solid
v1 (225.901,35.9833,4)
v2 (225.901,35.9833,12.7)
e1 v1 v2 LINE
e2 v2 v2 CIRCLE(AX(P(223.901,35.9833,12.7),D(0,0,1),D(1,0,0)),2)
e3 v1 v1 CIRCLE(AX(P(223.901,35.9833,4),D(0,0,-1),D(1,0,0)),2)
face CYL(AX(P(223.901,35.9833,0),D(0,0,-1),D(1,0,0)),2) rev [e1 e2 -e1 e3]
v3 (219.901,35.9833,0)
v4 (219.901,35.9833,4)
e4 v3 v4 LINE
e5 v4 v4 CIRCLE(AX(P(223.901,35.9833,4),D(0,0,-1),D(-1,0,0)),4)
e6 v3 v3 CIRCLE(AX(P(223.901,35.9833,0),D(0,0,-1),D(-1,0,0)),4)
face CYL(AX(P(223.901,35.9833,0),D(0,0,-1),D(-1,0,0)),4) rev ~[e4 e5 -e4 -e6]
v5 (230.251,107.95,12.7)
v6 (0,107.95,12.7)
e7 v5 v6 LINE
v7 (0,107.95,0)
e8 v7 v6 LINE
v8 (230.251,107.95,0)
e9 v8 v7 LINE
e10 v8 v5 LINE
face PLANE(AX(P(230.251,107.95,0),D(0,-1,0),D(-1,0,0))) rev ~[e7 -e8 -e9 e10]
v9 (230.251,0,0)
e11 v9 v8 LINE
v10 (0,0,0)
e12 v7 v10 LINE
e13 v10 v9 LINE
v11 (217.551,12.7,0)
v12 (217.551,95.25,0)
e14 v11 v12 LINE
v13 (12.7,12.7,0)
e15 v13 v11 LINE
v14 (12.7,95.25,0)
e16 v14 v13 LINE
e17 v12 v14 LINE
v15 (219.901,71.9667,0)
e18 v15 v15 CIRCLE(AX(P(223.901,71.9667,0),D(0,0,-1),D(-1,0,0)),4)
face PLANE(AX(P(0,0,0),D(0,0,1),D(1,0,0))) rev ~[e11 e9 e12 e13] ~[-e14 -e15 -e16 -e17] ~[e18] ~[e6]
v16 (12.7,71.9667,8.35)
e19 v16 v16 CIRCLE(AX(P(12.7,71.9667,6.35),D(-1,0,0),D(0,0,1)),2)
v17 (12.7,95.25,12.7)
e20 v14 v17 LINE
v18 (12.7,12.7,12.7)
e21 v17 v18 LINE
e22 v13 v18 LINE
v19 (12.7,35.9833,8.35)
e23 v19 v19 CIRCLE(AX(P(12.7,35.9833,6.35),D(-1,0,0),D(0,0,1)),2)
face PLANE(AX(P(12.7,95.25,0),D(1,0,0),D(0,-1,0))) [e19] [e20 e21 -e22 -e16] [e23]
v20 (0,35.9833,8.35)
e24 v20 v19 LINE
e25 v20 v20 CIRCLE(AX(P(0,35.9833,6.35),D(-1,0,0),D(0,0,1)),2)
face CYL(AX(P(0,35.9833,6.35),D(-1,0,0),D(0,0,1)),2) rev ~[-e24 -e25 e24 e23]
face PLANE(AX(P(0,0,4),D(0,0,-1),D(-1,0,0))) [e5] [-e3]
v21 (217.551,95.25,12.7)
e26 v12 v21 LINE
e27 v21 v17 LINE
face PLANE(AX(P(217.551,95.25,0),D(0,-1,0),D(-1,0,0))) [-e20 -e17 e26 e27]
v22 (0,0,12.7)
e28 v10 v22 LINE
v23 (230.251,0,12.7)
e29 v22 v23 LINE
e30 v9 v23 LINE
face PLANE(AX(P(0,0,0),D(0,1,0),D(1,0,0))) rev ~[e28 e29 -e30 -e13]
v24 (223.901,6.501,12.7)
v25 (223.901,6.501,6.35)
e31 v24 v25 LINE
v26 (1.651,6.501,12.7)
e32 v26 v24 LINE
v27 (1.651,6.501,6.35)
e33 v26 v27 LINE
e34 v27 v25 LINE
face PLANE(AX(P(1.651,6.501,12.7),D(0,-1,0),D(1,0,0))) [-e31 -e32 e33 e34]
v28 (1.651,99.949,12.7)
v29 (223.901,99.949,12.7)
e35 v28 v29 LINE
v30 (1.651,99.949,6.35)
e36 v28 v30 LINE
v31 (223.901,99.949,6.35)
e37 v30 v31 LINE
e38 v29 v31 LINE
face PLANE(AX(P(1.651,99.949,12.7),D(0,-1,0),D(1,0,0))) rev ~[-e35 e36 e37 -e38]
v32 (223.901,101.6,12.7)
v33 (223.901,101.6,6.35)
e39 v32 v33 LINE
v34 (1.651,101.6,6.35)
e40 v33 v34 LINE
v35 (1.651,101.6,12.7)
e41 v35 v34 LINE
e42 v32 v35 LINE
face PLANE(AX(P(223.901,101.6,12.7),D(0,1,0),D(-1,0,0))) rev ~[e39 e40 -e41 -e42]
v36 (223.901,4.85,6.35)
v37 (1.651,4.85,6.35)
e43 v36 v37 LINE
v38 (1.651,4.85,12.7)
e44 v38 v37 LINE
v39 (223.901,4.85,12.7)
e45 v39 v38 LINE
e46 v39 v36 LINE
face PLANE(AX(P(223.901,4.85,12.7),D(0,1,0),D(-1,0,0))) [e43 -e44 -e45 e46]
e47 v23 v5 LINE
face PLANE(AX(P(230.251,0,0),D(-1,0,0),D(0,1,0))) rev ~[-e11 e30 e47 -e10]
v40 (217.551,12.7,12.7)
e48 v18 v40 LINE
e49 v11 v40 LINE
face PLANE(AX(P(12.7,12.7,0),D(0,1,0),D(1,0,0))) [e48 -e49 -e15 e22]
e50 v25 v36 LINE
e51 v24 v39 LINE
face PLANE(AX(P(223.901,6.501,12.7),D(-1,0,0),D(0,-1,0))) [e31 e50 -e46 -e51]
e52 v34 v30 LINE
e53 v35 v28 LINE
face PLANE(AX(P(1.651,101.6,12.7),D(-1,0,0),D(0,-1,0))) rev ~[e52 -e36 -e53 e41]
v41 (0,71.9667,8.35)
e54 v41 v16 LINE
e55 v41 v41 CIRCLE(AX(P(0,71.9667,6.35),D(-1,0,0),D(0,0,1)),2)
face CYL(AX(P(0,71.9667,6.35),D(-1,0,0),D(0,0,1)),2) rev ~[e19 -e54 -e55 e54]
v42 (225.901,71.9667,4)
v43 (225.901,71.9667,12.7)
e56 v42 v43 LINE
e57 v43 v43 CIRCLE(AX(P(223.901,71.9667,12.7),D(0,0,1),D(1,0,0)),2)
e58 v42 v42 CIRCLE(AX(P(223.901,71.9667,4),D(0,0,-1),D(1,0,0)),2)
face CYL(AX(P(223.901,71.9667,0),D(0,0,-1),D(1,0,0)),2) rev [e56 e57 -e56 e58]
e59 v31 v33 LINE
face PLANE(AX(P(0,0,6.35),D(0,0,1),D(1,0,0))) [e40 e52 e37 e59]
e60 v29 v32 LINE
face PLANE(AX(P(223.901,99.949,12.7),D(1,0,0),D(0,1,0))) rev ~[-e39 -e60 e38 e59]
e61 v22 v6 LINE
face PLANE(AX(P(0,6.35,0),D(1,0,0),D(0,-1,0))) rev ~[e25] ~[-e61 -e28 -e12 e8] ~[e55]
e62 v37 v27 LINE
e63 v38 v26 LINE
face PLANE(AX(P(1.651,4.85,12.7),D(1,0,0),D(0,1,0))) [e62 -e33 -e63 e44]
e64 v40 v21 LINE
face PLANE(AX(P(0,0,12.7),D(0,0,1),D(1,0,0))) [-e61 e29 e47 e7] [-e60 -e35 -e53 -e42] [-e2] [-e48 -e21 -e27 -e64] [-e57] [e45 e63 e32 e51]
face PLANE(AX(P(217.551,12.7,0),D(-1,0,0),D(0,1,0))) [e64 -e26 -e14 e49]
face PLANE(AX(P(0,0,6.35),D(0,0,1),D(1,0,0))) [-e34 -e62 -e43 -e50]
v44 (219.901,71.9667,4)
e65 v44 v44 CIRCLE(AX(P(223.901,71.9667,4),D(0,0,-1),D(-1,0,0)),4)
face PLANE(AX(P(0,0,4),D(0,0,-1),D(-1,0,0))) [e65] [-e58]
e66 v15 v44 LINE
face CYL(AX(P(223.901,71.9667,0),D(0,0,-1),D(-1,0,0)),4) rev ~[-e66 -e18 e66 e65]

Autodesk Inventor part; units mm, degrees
ref_plane "YZ Plane" through (0, 0, 0) normal (1, 0, 0) x (0, 1, 0)
ref_plane "XZ Plane" through (0, 0, 0) normal (0, 1, 0) x (-1, 0, 0)
ref_plane "XY Plane" through (0, 0, 0) normal (0, 0, 1) x (1, 0, 0)
sketch "Sketch1" plane through (0, 0, 0) normal (0, 0, 1) x (1, 0, 0)
  line L0 (0, 0) -> (230.251, 0)
  line L1 (230.251, 0) -> (230.251, 107.95)
  line L2 (230.251, 107.95) -> (0, 107.95)
  line L3 (0, 107.95) -> (0, 0)
  line L4 (230.251, 107.95) -> (223.901, 107.95) construction
  line L5 (223.901, 107.95) -> (223.901, 101.6) construction
  line L6 (223.901, 101.6) -> (230.251, 101.6) construction
  line L7 (230.251, 101.6) -> (230.251, 107.95) construction
  line L8 (223.901, 101.6) -> (0, 101.6)
  line L9 (0, 101.6) -> (0, 100.076)
  line L10 (0, 100.076) -> (223.901, 100.076)
  line L11 (223.901, 100.076) -> (223.901, 101.6)
  line L12 (230.251, 0) -> (223.901, 0) construction
  line L13 (223.901, 0) -> (223.901, 35.9833) construction
  line L14 (223.901, 35.9833) -> (230.251, 35.9833) construction
  line L15 (230.251, 35.9833) -> (230.251, 0) construction
  circle A0 centre (223.901, 35.9833) radius 2
  circle A1 centre (223.901, 71.9667) radius 2
  line L16 (230.251, 53.975) -> (0, 53.975) construction
  line L17 (223.901, 6.35) -> (0, 6.35)
  line L18 (0, 7.874) -> (223.901, 7.874)
  line L19 (223.901, 7.874) -> (223.901, 6.35)
  dimension "length" = 230.251
  dimension "height" = 107.95
  dimension "d3" = 6.35
  dimension "d4" = 6.35
  dimension "d5" = 223.901
  dimension "d6" = 1.524
  dimension "spacing" = 35.9833
  dimension "d9" = 6.35
  dimension "TopScrewDiameter" = 4
  dimension "d13" = 35.9833
extrude "Generic Shape" add sketch "Sketch1" along normal blind 12.7
sketch "ScrewCapDiameter" plane through (0, 0, 0) normal (0, 0, -1) x (-1, 0, 0)
  circle A0 centre (-223.901, 71.9667) radius 2 projected
  circle A1 centre (-223.901, 71.9667) radius 4
  circle A2 centre (-223.901, 35.9833) radius 2 projected
  circle A3 centre (-223.901, 35.9833) radius 4
  point P0 (0, 0)
  dimension "d106" = 8
  dimension "d107" = 8
extrude "ScrewCapCountersink" cut sketch "ScrewCapDiameter" against normal blind 4
sketch "PcbNotchDimensions" plane through (0, 0, 12.7) normal (0, 0, 1) x (1, 0, 0)
  line L0 (230.251, 107.95) -> (0, 107.95) construction
  line L1 (230.251, 107.95) -> (223.901, 107.95) construction
  line L2 (223.901, 107.95) -> (223.901, 101.6) construction
  line L3 (223.901, 101.6) -> (230.251, 101.6) construction
  line L4 (230.251, 101.6) -> (230.251, 107.95) construction
  line L5 (223.901, 101.6) -> (1.651, 101.6)
  line L6 (1.651, 101.6) -> (1.651, 99.949)
  line L7 (1.651, 99.949) -> (223.901, 99.949)
  line L8 (223.901, 99.949) -> (223.901, 101.6)
  line L9 (230.251, 0) -> (230.251, 107.95) construction
  line L10 (230.251, 53.225) -> (0, 53.225) construction
  line L11 (0, 107.95) -> (0, 0) construction
  line L12 (223.901, 4.85) -> (1.651, 4.85)
  line L13 (1.651, 4.85) -> (1.651, 6.501)
  line L14 (1.651, 6.501) -> (223.901, 6.501)
  line L15 (223.901, 6.501) -> (223.901, 4.85)
  point P0 (230.251, 106.45)
  point P1 (0, 106.45)
  dimension "d21" = 6.35
  dimension "d22" = 6.35
  dimension "d23" = 222.25
  dimension "PcbThickness" = 1.651
extrude "PCB Notch" cut sketch "PcbNotchDimensions" against normal blind 6.35
sketch "UntappedScrewHoleDimensions" plane through (0, 0, 0) normal (-1, 0, 0) x (0, 0, 1)
  line L0 (0, 0) -> (6.35, 0) construction
  line L1 (6.35, 0) -> (6.35, 35.9833) construction
  line L2 (6.35, 35.9833) -> (0, 35.9833) construction
  line L3 (0, 35.9833) -> (0, 0) construction
  circle A0 centre (6.35, 35.9833) radius 2
  line L4 (0, 107.95) -> (6.35, 107.95) construction
  line L5 (6.35, 107.95) -> (6.35, 71.9667) construction
  line L6 (6.35, 71.9667) -> (0, 71.9667) construction
  line L7 (0, 71.9667) -> (0, 107.95) construction
  circle A1 centre (6.35, 71.9667) radius 2
  dimension "d33" = 6.35
  dimension "d34" = 35.9833
  dimension "ScrewDiameterUntapped" = 4
  dimension "d36" = 6.35
  dimension "d37" = 35.9833
  dimension "d38" = 4
extrude "UntappedScrewDepth" cut sketch "UntappedScrewHoleDimensions" against normal blind 12.7
thread "Thread10" size "M4x0.7" class "6H" standard "ANSI Metric M Profile" length 230.251
thread "Thread11" size "M4x0.7" class "6H" standard "ANSI Metric M Profile" length 230.251
sketch "Sketch18" plane through (0, 0, 0) normal (0, 0, -1) x (-1, 0, 0)
  line L0 (0, 0) -> (-12.7, 0) construction
  line L1 (-12.7, 0) -> (-12.7, 12.7) construction
  line L2 (-12.7, 12.7) -> (0, 12.7) construction
  line L3 (0, 12.7) -> (0, 0) construction
  line L4 (-12.7, 12.7) -> (-217.551, 12.7)
  line L5 (-217.551, 12.7) -> (-217.551, 95.25)
  line L6 (-217.551, 95.25) -> (-12.7, 95.25)
  line L7 (-12.7, 95.25) -> (-12.7, 12.7)
  dimension "bezel" = 12.7
  dimension "d156" = 12.7
  dimension "d157" = 204.851
  dimension "d158" = 82.55
extrude "Extrusion16" cut sketch "Sketch18" against normal blind 12.7
equation "\"d3\" = 0.5 * thickness"
equation "\"d4\" = 0.5 * thickness"
equation "\"d5\" = length - 0.5 * thickness"
equation "\"spacing\" = 0.333333 * height"
equation "\"d9\" = 0.5 * thickness"
equation "\"d13\" = spacing"
equation "\"d25\" = 0.5 * thickness"
equation "\"d33\" = 0.5 * thickness"
equation "\"d34\" = 0.333333 * height"
equation "\"d36\" = 0.5 * thickness"
equation "\"d37\" = 0.333333 * height"
equation "\"d38\" = ScrewDiameterUntapped"
equation "\"LcdThickness\" = 9.9"
equation "\"thickness\" = 12.7"
properties part number "2020-03-29 CubeBaseSkeleton"
